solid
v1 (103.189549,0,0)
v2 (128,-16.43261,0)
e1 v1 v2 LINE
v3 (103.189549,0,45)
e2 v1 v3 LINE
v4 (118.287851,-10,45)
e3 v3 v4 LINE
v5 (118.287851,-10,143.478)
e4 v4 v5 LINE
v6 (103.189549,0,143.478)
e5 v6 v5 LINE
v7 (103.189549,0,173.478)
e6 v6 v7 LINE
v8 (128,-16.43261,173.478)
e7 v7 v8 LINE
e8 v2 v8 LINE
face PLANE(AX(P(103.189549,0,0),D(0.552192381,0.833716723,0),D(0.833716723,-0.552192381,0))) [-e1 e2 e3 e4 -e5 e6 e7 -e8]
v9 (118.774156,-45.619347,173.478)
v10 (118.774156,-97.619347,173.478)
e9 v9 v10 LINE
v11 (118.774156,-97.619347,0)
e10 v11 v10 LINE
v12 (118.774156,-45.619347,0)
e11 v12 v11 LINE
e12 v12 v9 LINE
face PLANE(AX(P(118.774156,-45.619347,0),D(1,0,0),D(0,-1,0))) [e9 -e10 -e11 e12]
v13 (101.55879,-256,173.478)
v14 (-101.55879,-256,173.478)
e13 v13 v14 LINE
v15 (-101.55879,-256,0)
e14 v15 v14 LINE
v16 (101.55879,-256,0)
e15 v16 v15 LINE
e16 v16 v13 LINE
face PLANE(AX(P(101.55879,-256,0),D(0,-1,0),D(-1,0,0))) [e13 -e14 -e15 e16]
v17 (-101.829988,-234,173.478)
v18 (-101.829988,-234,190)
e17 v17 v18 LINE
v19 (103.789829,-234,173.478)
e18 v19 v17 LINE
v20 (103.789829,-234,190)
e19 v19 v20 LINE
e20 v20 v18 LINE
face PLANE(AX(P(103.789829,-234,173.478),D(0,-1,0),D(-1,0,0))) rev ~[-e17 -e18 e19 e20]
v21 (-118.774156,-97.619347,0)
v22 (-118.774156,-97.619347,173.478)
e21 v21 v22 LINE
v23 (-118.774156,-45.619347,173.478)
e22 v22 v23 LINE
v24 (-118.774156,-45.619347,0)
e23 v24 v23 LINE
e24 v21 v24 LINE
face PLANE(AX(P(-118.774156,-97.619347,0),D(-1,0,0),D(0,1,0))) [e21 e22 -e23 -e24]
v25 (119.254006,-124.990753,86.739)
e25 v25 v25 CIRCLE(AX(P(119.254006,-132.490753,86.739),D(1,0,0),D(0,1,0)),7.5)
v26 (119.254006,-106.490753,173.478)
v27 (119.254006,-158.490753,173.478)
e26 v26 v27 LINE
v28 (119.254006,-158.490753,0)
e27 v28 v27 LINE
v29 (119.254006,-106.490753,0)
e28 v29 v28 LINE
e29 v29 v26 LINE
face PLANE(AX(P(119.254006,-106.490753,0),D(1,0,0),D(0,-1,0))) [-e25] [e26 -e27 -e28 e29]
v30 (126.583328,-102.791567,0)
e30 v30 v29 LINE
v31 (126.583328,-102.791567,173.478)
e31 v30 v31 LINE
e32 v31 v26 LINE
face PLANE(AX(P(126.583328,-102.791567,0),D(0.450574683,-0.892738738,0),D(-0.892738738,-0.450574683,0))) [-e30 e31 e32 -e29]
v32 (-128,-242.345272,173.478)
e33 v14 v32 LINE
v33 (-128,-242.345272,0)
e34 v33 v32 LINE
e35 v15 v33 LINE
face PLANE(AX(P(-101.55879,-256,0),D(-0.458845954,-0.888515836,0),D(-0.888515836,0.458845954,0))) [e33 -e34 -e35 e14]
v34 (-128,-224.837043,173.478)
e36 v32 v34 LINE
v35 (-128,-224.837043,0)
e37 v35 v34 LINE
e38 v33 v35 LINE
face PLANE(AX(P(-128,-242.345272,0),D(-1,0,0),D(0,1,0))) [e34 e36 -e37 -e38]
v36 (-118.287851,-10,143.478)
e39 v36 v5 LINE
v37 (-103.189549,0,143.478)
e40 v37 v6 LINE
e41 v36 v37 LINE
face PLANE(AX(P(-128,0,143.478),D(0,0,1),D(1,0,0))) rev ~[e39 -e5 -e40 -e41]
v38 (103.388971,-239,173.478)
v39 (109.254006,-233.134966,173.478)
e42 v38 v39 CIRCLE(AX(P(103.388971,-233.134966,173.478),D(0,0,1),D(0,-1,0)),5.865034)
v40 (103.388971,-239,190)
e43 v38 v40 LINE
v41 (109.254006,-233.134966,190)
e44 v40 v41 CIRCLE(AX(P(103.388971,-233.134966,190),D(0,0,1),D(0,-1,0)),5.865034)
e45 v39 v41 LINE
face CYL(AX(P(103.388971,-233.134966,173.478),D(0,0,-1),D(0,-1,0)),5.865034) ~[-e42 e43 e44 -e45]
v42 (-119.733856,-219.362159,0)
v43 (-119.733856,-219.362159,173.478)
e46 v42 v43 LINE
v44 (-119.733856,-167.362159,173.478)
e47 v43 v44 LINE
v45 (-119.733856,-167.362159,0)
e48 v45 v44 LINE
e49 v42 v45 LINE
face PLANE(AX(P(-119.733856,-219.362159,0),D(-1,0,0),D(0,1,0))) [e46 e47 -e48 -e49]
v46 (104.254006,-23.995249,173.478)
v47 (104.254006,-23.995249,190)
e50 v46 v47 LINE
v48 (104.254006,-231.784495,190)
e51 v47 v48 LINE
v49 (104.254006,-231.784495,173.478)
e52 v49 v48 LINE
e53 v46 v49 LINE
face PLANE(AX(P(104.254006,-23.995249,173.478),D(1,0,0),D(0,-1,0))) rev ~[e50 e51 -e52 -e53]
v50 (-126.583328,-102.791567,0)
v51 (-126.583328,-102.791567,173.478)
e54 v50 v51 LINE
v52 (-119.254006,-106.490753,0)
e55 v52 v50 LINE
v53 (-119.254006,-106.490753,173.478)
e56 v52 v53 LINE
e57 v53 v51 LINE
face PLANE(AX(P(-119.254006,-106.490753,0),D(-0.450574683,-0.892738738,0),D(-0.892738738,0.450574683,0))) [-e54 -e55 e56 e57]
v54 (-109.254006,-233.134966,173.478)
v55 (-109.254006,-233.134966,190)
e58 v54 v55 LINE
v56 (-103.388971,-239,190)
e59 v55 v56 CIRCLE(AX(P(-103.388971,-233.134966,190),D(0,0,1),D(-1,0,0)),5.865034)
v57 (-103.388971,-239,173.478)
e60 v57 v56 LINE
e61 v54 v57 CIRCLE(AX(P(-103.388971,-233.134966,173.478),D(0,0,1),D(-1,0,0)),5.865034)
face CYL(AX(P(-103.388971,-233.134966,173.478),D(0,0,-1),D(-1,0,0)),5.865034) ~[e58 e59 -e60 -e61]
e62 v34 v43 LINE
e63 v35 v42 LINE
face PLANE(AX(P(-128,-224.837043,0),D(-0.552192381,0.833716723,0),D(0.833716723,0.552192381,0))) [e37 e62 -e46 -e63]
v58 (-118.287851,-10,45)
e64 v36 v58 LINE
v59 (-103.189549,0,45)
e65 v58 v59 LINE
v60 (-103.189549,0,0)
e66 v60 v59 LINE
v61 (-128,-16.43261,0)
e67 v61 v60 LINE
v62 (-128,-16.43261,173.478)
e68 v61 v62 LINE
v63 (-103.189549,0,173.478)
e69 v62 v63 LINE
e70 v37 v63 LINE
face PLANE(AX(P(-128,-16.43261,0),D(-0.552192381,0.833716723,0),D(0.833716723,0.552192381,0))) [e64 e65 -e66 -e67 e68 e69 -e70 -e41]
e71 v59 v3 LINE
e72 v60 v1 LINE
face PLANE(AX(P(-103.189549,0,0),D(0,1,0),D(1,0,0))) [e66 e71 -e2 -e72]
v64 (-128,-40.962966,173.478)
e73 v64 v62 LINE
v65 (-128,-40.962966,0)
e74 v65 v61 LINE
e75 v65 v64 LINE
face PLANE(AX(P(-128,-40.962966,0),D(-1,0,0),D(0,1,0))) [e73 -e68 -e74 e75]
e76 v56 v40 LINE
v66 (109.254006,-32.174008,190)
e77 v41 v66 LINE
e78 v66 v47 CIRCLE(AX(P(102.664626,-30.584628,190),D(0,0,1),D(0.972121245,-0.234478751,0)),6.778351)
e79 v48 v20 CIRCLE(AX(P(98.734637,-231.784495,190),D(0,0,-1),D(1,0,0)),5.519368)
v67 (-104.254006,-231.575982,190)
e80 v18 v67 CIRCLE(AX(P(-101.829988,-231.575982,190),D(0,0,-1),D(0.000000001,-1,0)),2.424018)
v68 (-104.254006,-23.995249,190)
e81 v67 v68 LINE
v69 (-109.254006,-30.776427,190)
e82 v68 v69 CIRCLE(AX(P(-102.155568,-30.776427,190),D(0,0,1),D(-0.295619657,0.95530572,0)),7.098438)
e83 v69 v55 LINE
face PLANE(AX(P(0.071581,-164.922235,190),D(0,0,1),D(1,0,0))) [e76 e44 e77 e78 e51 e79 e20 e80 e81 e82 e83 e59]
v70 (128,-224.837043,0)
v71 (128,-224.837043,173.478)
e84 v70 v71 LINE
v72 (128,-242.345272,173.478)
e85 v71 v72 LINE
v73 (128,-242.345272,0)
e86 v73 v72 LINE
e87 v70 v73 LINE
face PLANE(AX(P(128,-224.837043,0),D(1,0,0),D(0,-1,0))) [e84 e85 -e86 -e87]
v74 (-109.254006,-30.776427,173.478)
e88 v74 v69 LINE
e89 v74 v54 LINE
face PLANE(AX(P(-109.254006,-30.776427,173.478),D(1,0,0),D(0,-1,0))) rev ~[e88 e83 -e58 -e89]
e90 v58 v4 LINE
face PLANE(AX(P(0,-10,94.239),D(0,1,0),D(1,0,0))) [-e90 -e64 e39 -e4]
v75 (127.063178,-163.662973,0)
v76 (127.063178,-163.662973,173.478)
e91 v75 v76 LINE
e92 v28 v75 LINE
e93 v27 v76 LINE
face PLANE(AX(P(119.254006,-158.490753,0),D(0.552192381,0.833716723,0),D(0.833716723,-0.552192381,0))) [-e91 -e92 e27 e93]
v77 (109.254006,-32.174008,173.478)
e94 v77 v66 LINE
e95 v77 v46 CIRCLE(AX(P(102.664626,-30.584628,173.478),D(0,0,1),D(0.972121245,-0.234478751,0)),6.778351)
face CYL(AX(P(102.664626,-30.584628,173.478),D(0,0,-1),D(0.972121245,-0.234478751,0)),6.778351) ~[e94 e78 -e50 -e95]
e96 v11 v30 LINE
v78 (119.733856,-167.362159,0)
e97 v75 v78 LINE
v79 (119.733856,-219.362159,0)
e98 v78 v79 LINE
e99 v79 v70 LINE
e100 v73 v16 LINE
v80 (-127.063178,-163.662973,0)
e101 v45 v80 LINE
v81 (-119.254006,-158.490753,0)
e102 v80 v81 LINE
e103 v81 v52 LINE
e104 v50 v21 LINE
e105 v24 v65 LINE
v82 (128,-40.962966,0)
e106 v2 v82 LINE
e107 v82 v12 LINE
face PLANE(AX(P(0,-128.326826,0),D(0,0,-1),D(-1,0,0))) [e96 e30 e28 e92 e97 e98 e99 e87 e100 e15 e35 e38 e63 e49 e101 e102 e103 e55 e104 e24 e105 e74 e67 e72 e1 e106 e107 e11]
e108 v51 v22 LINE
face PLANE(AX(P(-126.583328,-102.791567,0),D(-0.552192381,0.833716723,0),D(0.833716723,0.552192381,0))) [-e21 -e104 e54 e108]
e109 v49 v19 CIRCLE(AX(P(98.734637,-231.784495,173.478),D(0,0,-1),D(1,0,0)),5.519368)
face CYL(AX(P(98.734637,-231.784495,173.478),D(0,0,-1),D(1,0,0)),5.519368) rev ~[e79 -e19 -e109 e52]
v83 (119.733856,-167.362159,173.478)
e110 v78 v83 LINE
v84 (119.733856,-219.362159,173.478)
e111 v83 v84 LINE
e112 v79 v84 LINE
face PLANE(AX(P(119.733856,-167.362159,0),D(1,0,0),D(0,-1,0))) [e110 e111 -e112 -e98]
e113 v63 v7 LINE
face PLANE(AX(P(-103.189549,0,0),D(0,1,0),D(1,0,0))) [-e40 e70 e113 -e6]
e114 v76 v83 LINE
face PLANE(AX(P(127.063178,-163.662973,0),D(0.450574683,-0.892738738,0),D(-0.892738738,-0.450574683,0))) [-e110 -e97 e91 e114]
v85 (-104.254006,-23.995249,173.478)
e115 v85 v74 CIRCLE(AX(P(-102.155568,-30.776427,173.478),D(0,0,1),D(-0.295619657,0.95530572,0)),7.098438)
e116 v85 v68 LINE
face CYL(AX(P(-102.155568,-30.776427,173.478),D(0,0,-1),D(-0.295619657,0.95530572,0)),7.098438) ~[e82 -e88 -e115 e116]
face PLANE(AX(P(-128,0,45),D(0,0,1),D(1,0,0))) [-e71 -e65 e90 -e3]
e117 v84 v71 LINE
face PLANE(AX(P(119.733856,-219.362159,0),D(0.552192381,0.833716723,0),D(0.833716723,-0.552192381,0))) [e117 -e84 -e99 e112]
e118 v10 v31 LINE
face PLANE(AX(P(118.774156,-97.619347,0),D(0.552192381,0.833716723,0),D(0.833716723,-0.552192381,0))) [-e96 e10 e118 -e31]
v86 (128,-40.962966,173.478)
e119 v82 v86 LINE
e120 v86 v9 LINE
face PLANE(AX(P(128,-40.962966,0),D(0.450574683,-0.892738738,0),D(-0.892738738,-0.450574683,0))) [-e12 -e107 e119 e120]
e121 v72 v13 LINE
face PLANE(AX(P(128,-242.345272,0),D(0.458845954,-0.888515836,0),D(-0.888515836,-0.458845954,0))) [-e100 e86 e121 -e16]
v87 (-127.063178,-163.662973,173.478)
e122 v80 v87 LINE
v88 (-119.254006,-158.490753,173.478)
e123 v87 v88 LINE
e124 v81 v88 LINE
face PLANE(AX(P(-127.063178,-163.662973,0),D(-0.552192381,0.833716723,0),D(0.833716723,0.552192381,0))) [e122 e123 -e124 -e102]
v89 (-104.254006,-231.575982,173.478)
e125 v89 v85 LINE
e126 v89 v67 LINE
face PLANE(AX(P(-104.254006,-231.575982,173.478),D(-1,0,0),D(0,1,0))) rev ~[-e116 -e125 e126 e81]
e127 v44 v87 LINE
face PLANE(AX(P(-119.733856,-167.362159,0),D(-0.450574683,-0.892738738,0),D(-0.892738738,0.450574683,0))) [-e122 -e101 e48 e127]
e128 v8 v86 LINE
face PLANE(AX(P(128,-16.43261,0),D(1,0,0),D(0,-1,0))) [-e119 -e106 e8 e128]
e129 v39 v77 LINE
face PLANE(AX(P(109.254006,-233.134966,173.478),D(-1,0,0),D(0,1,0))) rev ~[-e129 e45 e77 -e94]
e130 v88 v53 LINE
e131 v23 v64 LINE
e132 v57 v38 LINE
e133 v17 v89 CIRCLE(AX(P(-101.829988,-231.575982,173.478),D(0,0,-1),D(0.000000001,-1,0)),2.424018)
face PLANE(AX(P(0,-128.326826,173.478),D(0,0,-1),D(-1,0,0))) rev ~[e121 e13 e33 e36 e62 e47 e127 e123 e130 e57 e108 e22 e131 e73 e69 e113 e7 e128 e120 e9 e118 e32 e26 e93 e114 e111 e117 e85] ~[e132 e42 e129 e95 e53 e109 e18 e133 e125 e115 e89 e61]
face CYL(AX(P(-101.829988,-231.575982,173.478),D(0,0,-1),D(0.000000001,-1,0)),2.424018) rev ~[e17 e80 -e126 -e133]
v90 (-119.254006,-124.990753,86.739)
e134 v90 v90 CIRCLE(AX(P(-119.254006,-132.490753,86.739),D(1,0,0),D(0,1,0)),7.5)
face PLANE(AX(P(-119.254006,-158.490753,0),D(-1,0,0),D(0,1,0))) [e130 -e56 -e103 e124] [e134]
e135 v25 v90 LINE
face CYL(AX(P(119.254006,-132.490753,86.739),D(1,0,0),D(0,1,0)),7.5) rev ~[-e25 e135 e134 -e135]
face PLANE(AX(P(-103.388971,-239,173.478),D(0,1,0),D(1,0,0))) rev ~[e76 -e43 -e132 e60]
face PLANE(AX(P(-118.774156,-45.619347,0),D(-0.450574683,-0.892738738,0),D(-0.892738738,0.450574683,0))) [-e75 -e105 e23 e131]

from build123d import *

# Parameters (mm, degrees)
BOSS_EXTRUDE1_DEPTH = 173.478
BOSS_EXTRUDE2_DEPTH = 16.522
SKETCH5_W           = 256
SKETCH5_H           = 98.478
CUT_EXTRUDE3_DEPTH  = 10
SKETCH7_R           = 7.5
CUT_EXTRUDE4_DEPTH  = 404.448315513


with BuildPart() as part:
    # Sketch1 → Boss-Extrude1 (new body)
    with BuildSketch(Plane.XY):
        Polygon((-103.1895488, 0), (103.1895488, 0), (128, -16.432610434), (128, -40.962966098), (118.774155672, -45.61934731), (118.774155672, -97.61934731), (126.583328469, -102.791566604), (119.25400561, -106.490753372), (119.25400561, -158.490753372), (127.063178407, -163.662972666), (119.733855548, -167.362159434), (119.733855548, -219.362159434), (128, -224.837043001), (128, -242.345271931), (101.558790198, -256), (-101.558790198, -256), (-128, -242.345271931), (-128, -224.837043001), (-119.733855548, -219.362159434), (-119.733855548, -167.362159434), (-127.063178407, -163.662972666), (-119.25400561, -158.490753372), (-119.25400561, -106.490753372), (-126.583328469, -102.791566604), (-118.774155672, -97.61934731), (-118.774155672, -45.61934731), (-128, -40.962966098), (-128, -16.432610434), align=None)
    extrude(amount=BOSS_EXTRUDE1_DEPTH)

    # Sketch3 → Boss-Extrude2 (add)
    with BuildSketch(Plane.XY.offset(173.478)):
        with BuildLine():
            Line((-109.25400561, -30.77642723), (-109.25400561, -233.134965715))
            ThreePointArc((-109.25400561, -233.134965715), (-107.53617684, -237.28217123), (-103.388971325, -239))
            Line((-103.388971325, -239), (103.388971325, -239))
            ThreePointArc((103.388971325, -239), (107.53617684, -237.28217123), (109.25400561, -233.134965715))
            Line((109.25400561, -233.134965715), (109.25400561, -32.174007784))
            ThreePointArc((109.25400561, -32.174007784), (108.447882002, -27.049094521), (104.25400561, -23.99524907))
            Line((104.25400561, -23.99524907), (104.25400561, -231.784495248))
            ThreePointArc((104.25400561, -231.784495248), (104.136715259, -232.916299233), (103.789829206, -234))
            Line((103.789829206, -234), (-101.829987525, -234))
            ThreePointArc((-101.829987525, -234), (-103.544027151, -233.290021541), (-104.25400561, -231.575981915))
            Line((-104.25400561, -231.575981915), (-104.25400561, -23.99524907))
            ThreePointArc((-104.25400561, -23.99524907), (-107.868861491, -26.563815889), (-109.25400561, -30.77642723))
        make_face()
    extrude(amount=BOSS_EXTRUDE2_DEPTH)

    # Sketch5 → Cut-Extrude3 (cut)
    with BuildSketch(Plane(origin=(0, 0, 0), x_dir=(1, 0, 0), z_dir=(0, 1, 0))):
        with Locations((0, -94.239)):
            Rectangle(SKETCH5_W, SKETCH5_H)
    extrude(amount=-CUT_EXTRUDE3_DEPTH, mode=Mode.SUBTRACT)

    # Sketch7 → Cut-Extrude4 (cut, through all)
    with BuildSketch(Plane(origin=(119.25400561, 0, 0), x_dir=(0, 0, -1), z_dir=(1, 0, 0))):
        with Locations(Location((-86.739, -132.490753372, 0), (0, 0, 90))):
            Circle(SKETCH7_R)
    extrude(amount=-CUT_EXTRUDE4_DEPTH, mode=Mode.SUBTRACT)


solid = part.part
